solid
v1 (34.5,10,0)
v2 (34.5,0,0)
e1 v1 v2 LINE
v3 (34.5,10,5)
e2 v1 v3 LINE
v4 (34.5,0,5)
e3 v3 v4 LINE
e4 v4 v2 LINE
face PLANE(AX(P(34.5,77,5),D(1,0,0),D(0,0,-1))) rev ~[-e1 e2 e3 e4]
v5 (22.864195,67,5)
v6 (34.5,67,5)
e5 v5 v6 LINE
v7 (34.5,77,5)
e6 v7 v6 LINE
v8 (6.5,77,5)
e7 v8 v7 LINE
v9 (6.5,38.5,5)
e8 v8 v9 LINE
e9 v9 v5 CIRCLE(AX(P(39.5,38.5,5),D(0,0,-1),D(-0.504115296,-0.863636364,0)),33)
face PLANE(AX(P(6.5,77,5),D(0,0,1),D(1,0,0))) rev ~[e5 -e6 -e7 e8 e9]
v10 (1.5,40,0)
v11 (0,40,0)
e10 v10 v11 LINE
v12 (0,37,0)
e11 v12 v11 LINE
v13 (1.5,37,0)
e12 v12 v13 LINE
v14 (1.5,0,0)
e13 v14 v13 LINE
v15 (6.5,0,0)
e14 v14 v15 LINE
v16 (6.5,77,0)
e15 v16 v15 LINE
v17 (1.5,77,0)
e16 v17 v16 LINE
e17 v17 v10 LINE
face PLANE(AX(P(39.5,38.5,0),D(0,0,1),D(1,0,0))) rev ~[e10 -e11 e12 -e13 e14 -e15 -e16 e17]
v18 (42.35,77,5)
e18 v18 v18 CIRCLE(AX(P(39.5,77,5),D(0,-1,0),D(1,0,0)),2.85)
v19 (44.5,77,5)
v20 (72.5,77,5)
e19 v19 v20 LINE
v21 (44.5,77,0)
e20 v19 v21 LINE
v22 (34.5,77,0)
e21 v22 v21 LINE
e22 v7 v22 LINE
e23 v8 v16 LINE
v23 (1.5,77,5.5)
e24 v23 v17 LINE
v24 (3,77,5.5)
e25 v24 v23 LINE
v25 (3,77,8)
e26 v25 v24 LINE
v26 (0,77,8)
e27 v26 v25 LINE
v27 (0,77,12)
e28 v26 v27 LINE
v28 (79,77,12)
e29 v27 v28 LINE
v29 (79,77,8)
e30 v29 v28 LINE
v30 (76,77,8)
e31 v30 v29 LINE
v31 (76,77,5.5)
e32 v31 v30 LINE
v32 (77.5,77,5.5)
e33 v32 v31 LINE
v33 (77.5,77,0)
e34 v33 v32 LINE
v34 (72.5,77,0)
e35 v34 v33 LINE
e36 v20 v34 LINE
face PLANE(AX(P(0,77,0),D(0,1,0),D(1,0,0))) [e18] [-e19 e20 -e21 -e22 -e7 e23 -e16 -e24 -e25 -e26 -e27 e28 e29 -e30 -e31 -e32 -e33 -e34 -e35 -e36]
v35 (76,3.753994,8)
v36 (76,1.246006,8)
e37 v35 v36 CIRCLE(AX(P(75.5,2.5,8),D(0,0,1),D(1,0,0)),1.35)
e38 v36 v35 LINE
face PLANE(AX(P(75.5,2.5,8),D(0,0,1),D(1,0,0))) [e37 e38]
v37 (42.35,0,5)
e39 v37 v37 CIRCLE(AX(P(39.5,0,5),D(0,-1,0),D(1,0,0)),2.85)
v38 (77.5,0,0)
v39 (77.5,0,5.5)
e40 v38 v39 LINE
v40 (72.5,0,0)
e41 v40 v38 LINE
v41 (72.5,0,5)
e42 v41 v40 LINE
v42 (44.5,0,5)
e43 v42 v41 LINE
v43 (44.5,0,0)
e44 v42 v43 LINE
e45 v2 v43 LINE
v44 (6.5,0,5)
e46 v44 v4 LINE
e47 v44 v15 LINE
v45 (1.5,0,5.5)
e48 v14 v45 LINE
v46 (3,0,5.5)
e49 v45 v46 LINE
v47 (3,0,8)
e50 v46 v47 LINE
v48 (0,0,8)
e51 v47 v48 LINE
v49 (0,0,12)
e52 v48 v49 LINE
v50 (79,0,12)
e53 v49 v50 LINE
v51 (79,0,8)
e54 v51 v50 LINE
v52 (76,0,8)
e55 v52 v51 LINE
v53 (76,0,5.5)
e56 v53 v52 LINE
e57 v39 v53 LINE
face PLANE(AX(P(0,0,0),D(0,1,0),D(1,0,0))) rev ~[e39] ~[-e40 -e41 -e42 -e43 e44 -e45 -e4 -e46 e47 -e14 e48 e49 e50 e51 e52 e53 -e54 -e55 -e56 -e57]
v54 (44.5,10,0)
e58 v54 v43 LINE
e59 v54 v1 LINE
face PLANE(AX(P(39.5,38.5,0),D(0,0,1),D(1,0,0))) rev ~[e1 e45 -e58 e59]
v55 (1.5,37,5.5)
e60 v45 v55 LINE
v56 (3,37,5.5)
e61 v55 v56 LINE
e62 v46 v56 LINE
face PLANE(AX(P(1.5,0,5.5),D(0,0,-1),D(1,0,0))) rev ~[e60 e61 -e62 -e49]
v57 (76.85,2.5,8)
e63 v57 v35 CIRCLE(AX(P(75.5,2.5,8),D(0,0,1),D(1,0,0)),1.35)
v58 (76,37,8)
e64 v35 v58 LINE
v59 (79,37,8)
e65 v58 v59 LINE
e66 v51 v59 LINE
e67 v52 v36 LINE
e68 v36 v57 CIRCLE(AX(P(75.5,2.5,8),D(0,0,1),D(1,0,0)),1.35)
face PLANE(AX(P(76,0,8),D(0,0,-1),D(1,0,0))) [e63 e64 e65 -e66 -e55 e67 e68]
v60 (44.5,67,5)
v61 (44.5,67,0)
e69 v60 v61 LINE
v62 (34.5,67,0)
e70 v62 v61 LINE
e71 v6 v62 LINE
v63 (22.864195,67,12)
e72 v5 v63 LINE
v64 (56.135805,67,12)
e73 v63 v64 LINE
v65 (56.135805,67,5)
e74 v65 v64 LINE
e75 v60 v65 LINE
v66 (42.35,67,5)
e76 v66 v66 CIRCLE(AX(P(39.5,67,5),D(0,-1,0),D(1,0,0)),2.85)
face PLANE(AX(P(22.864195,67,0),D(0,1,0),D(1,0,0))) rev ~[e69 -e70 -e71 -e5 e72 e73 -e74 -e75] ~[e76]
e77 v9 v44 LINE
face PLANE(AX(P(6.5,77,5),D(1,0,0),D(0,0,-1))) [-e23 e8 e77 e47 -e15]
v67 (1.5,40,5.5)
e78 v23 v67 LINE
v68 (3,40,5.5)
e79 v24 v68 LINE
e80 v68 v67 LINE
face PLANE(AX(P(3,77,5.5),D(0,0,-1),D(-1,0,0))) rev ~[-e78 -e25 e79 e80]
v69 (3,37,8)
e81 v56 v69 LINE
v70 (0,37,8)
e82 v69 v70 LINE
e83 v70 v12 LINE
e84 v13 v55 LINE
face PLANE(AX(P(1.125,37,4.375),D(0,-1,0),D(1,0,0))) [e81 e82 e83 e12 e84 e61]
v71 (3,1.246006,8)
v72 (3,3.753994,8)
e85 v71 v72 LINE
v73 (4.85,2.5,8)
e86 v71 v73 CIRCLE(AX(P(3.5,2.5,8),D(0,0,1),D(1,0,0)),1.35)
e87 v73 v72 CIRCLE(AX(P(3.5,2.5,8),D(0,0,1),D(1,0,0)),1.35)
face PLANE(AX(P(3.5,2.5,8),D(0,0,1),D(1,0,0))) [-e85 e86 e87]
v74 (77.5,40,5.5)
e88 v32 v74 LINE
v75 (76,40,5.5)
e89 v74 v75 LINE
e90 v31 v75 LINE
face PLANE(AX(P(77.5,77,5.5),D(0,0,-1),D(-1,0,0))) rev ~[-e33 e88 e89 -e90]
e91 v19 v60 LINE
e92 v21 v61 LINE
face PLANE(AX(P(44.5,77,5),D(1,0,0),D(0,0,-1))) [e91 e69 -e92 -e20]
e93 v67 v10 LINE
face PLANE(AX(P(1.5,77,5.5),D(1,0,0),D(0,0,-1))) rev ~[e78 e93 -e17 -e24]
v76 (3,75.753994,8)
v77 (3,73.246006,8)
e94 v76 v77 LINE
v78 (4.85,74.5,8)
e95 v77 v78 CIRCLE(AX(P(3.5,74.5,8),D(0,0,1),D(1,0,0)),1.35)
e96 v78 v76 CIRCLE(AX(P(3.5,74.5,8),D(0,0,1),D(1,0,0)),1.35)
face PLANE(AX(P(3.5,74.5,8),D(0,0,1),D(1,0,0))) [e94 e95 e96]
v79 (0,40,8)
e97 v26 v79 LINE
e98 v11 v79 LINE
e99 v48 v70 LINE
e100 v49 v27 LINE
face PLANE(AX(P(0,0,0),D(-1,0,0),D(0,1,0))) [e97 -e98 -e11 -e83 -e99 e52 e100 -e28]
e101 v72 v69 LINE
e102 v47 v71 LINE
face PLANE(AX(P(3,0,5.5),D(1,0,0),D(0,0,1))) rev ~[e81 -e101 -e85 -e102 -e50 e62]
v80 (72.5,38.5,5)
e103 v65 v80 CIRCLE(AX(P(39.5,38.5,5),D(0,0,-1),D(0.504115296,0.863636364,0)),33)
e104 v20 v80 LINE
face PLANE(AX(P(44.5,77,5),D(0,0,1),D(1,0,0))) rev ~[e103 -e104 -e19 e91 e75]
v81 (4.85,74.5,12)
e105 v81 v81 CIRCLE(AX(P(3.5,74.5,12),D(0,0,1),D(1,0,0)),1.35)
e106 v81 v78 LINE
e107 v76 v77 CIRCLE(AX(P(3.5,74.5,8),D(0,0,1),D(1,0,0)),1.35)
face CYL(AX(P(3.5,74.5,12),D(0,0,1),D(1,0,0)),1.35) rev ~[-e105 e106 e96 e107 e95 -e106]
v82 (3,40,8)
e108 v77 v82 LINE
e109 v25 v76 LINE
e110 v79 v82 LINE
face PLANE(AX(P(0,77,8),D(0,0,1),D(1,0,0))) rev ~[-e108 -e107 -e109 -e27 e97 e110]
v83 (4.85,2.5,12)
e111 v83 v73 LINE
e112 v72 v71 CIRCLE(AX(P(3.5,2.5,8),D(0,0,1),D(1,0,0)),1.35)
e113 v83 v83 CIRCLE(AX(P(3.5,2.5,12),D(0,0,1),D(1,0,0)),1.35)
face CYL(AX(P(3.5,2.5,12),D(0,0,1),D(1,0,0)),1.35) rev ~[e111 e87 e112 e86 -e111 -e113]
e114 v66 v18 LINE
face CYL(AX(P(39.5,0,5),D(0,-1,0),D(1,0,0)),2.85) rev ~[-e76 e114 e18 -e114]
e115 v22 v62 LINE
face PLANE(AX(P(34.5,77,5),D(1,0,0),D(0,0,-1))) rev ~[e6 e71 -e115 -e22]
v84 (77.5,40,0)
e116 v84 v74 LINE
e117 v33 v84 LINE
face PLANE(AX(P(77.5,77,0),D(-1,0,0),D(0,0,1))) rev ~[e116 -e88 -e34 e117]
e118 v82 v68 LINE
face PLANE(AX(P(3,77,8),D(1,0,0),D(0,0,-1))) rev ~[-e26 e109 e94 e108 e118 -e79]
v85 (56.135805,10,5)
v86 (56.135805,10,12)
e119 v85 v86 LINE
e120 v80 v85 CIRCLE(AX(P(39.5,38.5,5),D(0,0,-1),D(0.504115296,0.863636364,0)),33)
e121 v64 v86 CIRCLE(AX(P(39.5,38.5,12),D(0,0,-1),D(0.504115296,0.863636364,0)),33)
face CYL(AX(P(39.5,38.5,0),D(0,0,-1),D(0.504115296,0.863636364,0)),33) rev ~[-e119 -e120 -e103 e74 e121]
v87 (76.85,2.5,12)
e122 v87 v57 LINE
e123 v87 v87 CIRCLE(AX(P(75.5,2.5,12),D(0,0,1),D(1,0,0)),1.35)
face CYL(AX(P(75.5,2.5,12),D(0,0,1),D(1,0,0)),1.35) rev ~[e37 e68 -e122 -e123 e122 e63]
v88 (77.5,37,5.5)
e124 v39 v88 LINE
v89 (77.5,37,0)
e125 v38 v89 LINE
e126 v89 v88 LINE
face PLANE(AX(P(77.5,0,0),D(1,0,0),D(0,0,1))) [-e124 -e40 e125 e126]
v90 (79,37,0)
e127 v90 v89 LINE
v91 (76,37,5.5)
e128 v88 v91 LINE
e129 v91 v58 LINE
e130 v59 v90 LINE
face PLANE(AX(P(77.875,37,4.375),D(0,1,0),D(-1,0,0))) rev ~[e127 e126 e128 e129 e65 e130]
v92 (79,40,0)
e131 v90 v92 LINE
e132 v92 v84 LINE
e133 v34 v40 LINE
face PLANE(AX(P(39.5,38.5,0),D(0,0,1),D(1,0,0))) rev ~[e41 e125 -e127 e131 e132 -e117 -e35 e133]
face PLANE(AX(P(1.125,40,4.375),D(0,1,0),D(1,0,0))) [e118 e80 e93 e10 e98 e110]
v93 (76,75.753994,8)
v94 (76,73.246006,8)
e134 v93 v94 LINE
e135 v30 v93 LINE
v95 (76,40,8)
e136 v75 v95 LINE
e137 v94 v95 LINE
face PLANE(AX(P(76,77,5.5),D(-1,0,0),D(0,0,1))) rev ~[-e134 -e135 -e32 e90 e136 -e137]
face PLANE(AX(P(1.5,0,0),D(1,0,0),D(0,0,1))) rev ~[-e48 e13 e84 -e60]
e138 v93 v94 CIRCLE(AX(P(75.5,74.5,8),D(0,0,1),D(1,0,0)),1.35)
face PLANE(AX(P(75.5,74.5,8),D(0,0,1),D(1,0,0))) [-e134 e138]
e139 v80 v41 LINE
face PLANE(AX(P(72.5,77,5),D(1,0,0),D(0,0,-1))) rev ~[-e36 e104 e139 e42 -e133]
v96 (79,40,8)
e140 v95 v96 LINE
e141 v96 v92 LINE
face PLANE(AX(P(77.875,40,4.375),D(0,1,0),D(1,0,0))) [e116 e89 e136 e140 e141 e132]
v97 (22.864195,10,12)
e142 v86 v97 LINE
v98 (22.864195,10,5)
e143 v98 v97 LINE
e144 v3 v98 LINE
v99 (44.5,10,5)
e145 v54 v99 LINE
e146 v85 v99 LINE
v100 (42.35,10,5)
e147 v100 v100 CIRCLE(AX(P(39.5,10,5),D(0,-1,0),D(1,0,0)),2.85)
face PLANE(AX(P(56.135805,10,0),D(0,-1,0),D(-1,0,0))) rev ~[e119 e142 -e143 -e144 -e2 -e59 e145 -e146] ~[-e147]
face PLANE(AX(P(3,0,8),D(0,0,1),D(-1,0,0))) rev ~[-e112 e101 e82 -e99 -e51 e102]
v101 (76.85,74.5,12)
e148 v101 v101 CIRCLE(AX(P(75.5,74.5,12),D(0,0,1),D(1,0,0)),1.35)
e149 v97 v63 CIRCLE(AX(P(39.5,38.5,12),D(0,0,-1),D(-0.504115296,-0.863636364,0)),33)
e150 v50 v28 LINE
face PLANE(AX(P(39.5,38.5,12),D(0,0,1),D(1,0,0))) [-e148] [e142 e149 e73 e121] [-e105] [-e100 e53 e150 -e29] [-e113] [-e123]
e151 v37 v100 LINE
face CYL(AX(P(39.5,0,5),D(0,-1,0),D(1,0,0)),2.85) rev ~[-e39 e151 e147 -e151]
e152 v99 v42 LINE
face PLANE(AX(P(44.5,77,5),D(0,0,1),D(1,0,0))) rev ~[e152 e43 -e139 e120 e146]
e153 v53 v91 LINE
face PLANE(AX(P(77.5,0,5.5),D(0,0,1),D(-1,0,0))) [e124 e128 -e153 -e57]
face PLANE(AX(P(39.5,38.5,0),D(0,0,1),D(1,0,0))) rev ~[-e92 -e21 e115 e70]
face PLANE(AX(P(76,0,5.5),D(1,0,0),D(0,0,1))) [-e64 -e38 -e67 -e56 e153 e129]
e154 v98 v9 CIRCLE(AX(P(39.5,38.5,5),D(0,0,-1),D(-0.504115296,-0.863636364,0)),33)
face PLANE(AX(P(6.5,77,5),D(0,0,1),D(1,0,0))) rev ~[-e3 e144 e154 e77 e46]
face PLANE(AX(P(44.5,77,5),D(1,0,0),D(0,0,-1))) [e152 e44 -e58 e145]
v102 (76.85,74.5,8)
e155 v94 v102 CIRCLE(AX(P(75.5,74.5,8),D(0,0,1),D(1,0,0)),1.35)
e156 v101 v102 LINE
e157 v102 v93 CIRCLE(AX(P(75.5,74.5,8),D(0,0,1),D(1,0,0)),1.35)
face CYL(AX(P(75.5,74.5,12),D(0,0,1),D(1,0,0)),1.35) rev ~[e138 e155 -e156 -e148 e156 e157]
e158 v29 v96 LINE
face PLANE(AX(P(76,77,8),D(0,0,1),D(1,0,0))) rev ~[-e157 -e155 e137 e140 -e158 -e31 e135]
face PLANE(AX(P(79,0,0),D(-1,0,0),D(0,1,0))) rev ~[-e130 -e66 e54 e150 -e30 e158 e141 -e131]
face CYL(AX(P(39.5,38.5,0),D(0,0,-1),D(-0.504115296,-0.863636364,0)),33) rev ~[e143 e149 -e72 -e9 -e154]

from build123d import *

# Parameters (mm, degrees)
SKETCH1_W           = 79
SKETCH1_H           = 77
BOSS_EXTRUDE1_DEPTH = 12
CUT_EXTRUDE1_DEPTH  = 37
CUT_EXTRUDE2_DEPTH  = 37
SKETCH5_W           = 28
SKETCH5_H           = 5
CUT_EXTRUDE3_DEPTH  = 77
SKETCH7_R           = 2.85
CUT_EXTRUDE5_DEPTH  = 77
SKETCH8_R           = 1.35
CUT_EXTRUDE6_DEPTH  = 4


with BuildPart() as part:
    # Sketch1 → Boss-Extrude1 (new body)
    with BuildSketch(Plane.XY):
        with Locations((39.5, 38.5)):
            Rectangle(SKETCH1_W, SKETCH1_H)
        with BuildLine():
            Line((22.86419524, 67), (56.13580476, 67))
            ThreePointArc((56.13580476, 67), (72.5, 38.5), (56.13580476, 10))
            Line((56.13580476, 10), (22.86419524, 10))
            ThreePointArc((22.86419524, 10), (6.5, 38.5), (22.86419524, 67))
        make_face(mode=Mode.SUBTRACT)
    extrude(amount=BOSS_EXTRUDE1_DEPTH)

    # Sketch3 → Cut-Extrude1 (cut)
    with BuildSketch(Plane.XZ):
        Polygon((0, 0), (1.5, 0), (1.5, 5.5), (3, 5.5), (3, 8), (0, 8), align=None)
        Polygon((79, 0), (77.5, 0), (77.5, 5.5), (76, 5.5), (76, 8), (79, 8), align=None)
    extrude(amount=-CUT_EXTRUDE1_DEPTH, mode=Mode.SUBTRACT)

    # Sketch4 → Cut-Extrude2 (cut)
    with BuildSketch(Plane(origin=(0, 77, 0), x_dir=(1, 0, 0), z_dir=(0, 1, 0))):
        Polygon((76, -8), (79, -8), (79, 0), (77.5, 0), (77.5, -5.5), (76, -5.5), align=None)
        Polygon((0, -8), (3, -8), (3, -5.5), (1.5, -5.5), (1.5, 0), (0, 0), align=None)
    extrude(amount=-CUT_EXTRUDE2_DEPTH, mode=Mode.SUBTRACT)

    # Sketch5 → Cut-Extrude3 (cut)
    with BuildSketch(Plane(origin=(0, 77, 0), x_dir=(1, 0, 0), z_dir=(0, 1, 0))):
        with Locations((58.5, -2.5)):
            Rectangle(SKETCH5_W, SKETCH5_H)
        with Locations((20.5, -2.5)):
            Rectangle(SKETCH5_W, SKETCH5_H)
    extrude(amount=-CUT_EXTRUDE3_DEPTH, mode=Mode.SUBTRACT)

    # Sketch7 → Cut-Extrude5 (cut)
    with BuildSketch(Plane.XZ):
        with Locations((39.5, 5)):
            Circle(SKETCH7_R)
    extrude(amount=-CUT_EXTRUDE5_DEPTH, mode=Mode.SUBTRACT)

    # Sketch8 → Cut-Extrude6 (cut)
    with BuildSketch(Plane.XY.offset(12)):
        with Locations((75.5, 2.5)):
            Circle(SKETCH8_R)
        with Locations((75.5, 74.5)):
            Circle(SKETCH8_R)
        with Locations((3.5, 74.5)):
            Circle(SKETCH8_R)
        with Locations((3.5, 2.5)):
            Circle(SKETCH8_R)
    extrude(amount=-CUT_EXTRUDE6_DEPTH, mode=Mode.SUBTRACT)


solid = part.part
